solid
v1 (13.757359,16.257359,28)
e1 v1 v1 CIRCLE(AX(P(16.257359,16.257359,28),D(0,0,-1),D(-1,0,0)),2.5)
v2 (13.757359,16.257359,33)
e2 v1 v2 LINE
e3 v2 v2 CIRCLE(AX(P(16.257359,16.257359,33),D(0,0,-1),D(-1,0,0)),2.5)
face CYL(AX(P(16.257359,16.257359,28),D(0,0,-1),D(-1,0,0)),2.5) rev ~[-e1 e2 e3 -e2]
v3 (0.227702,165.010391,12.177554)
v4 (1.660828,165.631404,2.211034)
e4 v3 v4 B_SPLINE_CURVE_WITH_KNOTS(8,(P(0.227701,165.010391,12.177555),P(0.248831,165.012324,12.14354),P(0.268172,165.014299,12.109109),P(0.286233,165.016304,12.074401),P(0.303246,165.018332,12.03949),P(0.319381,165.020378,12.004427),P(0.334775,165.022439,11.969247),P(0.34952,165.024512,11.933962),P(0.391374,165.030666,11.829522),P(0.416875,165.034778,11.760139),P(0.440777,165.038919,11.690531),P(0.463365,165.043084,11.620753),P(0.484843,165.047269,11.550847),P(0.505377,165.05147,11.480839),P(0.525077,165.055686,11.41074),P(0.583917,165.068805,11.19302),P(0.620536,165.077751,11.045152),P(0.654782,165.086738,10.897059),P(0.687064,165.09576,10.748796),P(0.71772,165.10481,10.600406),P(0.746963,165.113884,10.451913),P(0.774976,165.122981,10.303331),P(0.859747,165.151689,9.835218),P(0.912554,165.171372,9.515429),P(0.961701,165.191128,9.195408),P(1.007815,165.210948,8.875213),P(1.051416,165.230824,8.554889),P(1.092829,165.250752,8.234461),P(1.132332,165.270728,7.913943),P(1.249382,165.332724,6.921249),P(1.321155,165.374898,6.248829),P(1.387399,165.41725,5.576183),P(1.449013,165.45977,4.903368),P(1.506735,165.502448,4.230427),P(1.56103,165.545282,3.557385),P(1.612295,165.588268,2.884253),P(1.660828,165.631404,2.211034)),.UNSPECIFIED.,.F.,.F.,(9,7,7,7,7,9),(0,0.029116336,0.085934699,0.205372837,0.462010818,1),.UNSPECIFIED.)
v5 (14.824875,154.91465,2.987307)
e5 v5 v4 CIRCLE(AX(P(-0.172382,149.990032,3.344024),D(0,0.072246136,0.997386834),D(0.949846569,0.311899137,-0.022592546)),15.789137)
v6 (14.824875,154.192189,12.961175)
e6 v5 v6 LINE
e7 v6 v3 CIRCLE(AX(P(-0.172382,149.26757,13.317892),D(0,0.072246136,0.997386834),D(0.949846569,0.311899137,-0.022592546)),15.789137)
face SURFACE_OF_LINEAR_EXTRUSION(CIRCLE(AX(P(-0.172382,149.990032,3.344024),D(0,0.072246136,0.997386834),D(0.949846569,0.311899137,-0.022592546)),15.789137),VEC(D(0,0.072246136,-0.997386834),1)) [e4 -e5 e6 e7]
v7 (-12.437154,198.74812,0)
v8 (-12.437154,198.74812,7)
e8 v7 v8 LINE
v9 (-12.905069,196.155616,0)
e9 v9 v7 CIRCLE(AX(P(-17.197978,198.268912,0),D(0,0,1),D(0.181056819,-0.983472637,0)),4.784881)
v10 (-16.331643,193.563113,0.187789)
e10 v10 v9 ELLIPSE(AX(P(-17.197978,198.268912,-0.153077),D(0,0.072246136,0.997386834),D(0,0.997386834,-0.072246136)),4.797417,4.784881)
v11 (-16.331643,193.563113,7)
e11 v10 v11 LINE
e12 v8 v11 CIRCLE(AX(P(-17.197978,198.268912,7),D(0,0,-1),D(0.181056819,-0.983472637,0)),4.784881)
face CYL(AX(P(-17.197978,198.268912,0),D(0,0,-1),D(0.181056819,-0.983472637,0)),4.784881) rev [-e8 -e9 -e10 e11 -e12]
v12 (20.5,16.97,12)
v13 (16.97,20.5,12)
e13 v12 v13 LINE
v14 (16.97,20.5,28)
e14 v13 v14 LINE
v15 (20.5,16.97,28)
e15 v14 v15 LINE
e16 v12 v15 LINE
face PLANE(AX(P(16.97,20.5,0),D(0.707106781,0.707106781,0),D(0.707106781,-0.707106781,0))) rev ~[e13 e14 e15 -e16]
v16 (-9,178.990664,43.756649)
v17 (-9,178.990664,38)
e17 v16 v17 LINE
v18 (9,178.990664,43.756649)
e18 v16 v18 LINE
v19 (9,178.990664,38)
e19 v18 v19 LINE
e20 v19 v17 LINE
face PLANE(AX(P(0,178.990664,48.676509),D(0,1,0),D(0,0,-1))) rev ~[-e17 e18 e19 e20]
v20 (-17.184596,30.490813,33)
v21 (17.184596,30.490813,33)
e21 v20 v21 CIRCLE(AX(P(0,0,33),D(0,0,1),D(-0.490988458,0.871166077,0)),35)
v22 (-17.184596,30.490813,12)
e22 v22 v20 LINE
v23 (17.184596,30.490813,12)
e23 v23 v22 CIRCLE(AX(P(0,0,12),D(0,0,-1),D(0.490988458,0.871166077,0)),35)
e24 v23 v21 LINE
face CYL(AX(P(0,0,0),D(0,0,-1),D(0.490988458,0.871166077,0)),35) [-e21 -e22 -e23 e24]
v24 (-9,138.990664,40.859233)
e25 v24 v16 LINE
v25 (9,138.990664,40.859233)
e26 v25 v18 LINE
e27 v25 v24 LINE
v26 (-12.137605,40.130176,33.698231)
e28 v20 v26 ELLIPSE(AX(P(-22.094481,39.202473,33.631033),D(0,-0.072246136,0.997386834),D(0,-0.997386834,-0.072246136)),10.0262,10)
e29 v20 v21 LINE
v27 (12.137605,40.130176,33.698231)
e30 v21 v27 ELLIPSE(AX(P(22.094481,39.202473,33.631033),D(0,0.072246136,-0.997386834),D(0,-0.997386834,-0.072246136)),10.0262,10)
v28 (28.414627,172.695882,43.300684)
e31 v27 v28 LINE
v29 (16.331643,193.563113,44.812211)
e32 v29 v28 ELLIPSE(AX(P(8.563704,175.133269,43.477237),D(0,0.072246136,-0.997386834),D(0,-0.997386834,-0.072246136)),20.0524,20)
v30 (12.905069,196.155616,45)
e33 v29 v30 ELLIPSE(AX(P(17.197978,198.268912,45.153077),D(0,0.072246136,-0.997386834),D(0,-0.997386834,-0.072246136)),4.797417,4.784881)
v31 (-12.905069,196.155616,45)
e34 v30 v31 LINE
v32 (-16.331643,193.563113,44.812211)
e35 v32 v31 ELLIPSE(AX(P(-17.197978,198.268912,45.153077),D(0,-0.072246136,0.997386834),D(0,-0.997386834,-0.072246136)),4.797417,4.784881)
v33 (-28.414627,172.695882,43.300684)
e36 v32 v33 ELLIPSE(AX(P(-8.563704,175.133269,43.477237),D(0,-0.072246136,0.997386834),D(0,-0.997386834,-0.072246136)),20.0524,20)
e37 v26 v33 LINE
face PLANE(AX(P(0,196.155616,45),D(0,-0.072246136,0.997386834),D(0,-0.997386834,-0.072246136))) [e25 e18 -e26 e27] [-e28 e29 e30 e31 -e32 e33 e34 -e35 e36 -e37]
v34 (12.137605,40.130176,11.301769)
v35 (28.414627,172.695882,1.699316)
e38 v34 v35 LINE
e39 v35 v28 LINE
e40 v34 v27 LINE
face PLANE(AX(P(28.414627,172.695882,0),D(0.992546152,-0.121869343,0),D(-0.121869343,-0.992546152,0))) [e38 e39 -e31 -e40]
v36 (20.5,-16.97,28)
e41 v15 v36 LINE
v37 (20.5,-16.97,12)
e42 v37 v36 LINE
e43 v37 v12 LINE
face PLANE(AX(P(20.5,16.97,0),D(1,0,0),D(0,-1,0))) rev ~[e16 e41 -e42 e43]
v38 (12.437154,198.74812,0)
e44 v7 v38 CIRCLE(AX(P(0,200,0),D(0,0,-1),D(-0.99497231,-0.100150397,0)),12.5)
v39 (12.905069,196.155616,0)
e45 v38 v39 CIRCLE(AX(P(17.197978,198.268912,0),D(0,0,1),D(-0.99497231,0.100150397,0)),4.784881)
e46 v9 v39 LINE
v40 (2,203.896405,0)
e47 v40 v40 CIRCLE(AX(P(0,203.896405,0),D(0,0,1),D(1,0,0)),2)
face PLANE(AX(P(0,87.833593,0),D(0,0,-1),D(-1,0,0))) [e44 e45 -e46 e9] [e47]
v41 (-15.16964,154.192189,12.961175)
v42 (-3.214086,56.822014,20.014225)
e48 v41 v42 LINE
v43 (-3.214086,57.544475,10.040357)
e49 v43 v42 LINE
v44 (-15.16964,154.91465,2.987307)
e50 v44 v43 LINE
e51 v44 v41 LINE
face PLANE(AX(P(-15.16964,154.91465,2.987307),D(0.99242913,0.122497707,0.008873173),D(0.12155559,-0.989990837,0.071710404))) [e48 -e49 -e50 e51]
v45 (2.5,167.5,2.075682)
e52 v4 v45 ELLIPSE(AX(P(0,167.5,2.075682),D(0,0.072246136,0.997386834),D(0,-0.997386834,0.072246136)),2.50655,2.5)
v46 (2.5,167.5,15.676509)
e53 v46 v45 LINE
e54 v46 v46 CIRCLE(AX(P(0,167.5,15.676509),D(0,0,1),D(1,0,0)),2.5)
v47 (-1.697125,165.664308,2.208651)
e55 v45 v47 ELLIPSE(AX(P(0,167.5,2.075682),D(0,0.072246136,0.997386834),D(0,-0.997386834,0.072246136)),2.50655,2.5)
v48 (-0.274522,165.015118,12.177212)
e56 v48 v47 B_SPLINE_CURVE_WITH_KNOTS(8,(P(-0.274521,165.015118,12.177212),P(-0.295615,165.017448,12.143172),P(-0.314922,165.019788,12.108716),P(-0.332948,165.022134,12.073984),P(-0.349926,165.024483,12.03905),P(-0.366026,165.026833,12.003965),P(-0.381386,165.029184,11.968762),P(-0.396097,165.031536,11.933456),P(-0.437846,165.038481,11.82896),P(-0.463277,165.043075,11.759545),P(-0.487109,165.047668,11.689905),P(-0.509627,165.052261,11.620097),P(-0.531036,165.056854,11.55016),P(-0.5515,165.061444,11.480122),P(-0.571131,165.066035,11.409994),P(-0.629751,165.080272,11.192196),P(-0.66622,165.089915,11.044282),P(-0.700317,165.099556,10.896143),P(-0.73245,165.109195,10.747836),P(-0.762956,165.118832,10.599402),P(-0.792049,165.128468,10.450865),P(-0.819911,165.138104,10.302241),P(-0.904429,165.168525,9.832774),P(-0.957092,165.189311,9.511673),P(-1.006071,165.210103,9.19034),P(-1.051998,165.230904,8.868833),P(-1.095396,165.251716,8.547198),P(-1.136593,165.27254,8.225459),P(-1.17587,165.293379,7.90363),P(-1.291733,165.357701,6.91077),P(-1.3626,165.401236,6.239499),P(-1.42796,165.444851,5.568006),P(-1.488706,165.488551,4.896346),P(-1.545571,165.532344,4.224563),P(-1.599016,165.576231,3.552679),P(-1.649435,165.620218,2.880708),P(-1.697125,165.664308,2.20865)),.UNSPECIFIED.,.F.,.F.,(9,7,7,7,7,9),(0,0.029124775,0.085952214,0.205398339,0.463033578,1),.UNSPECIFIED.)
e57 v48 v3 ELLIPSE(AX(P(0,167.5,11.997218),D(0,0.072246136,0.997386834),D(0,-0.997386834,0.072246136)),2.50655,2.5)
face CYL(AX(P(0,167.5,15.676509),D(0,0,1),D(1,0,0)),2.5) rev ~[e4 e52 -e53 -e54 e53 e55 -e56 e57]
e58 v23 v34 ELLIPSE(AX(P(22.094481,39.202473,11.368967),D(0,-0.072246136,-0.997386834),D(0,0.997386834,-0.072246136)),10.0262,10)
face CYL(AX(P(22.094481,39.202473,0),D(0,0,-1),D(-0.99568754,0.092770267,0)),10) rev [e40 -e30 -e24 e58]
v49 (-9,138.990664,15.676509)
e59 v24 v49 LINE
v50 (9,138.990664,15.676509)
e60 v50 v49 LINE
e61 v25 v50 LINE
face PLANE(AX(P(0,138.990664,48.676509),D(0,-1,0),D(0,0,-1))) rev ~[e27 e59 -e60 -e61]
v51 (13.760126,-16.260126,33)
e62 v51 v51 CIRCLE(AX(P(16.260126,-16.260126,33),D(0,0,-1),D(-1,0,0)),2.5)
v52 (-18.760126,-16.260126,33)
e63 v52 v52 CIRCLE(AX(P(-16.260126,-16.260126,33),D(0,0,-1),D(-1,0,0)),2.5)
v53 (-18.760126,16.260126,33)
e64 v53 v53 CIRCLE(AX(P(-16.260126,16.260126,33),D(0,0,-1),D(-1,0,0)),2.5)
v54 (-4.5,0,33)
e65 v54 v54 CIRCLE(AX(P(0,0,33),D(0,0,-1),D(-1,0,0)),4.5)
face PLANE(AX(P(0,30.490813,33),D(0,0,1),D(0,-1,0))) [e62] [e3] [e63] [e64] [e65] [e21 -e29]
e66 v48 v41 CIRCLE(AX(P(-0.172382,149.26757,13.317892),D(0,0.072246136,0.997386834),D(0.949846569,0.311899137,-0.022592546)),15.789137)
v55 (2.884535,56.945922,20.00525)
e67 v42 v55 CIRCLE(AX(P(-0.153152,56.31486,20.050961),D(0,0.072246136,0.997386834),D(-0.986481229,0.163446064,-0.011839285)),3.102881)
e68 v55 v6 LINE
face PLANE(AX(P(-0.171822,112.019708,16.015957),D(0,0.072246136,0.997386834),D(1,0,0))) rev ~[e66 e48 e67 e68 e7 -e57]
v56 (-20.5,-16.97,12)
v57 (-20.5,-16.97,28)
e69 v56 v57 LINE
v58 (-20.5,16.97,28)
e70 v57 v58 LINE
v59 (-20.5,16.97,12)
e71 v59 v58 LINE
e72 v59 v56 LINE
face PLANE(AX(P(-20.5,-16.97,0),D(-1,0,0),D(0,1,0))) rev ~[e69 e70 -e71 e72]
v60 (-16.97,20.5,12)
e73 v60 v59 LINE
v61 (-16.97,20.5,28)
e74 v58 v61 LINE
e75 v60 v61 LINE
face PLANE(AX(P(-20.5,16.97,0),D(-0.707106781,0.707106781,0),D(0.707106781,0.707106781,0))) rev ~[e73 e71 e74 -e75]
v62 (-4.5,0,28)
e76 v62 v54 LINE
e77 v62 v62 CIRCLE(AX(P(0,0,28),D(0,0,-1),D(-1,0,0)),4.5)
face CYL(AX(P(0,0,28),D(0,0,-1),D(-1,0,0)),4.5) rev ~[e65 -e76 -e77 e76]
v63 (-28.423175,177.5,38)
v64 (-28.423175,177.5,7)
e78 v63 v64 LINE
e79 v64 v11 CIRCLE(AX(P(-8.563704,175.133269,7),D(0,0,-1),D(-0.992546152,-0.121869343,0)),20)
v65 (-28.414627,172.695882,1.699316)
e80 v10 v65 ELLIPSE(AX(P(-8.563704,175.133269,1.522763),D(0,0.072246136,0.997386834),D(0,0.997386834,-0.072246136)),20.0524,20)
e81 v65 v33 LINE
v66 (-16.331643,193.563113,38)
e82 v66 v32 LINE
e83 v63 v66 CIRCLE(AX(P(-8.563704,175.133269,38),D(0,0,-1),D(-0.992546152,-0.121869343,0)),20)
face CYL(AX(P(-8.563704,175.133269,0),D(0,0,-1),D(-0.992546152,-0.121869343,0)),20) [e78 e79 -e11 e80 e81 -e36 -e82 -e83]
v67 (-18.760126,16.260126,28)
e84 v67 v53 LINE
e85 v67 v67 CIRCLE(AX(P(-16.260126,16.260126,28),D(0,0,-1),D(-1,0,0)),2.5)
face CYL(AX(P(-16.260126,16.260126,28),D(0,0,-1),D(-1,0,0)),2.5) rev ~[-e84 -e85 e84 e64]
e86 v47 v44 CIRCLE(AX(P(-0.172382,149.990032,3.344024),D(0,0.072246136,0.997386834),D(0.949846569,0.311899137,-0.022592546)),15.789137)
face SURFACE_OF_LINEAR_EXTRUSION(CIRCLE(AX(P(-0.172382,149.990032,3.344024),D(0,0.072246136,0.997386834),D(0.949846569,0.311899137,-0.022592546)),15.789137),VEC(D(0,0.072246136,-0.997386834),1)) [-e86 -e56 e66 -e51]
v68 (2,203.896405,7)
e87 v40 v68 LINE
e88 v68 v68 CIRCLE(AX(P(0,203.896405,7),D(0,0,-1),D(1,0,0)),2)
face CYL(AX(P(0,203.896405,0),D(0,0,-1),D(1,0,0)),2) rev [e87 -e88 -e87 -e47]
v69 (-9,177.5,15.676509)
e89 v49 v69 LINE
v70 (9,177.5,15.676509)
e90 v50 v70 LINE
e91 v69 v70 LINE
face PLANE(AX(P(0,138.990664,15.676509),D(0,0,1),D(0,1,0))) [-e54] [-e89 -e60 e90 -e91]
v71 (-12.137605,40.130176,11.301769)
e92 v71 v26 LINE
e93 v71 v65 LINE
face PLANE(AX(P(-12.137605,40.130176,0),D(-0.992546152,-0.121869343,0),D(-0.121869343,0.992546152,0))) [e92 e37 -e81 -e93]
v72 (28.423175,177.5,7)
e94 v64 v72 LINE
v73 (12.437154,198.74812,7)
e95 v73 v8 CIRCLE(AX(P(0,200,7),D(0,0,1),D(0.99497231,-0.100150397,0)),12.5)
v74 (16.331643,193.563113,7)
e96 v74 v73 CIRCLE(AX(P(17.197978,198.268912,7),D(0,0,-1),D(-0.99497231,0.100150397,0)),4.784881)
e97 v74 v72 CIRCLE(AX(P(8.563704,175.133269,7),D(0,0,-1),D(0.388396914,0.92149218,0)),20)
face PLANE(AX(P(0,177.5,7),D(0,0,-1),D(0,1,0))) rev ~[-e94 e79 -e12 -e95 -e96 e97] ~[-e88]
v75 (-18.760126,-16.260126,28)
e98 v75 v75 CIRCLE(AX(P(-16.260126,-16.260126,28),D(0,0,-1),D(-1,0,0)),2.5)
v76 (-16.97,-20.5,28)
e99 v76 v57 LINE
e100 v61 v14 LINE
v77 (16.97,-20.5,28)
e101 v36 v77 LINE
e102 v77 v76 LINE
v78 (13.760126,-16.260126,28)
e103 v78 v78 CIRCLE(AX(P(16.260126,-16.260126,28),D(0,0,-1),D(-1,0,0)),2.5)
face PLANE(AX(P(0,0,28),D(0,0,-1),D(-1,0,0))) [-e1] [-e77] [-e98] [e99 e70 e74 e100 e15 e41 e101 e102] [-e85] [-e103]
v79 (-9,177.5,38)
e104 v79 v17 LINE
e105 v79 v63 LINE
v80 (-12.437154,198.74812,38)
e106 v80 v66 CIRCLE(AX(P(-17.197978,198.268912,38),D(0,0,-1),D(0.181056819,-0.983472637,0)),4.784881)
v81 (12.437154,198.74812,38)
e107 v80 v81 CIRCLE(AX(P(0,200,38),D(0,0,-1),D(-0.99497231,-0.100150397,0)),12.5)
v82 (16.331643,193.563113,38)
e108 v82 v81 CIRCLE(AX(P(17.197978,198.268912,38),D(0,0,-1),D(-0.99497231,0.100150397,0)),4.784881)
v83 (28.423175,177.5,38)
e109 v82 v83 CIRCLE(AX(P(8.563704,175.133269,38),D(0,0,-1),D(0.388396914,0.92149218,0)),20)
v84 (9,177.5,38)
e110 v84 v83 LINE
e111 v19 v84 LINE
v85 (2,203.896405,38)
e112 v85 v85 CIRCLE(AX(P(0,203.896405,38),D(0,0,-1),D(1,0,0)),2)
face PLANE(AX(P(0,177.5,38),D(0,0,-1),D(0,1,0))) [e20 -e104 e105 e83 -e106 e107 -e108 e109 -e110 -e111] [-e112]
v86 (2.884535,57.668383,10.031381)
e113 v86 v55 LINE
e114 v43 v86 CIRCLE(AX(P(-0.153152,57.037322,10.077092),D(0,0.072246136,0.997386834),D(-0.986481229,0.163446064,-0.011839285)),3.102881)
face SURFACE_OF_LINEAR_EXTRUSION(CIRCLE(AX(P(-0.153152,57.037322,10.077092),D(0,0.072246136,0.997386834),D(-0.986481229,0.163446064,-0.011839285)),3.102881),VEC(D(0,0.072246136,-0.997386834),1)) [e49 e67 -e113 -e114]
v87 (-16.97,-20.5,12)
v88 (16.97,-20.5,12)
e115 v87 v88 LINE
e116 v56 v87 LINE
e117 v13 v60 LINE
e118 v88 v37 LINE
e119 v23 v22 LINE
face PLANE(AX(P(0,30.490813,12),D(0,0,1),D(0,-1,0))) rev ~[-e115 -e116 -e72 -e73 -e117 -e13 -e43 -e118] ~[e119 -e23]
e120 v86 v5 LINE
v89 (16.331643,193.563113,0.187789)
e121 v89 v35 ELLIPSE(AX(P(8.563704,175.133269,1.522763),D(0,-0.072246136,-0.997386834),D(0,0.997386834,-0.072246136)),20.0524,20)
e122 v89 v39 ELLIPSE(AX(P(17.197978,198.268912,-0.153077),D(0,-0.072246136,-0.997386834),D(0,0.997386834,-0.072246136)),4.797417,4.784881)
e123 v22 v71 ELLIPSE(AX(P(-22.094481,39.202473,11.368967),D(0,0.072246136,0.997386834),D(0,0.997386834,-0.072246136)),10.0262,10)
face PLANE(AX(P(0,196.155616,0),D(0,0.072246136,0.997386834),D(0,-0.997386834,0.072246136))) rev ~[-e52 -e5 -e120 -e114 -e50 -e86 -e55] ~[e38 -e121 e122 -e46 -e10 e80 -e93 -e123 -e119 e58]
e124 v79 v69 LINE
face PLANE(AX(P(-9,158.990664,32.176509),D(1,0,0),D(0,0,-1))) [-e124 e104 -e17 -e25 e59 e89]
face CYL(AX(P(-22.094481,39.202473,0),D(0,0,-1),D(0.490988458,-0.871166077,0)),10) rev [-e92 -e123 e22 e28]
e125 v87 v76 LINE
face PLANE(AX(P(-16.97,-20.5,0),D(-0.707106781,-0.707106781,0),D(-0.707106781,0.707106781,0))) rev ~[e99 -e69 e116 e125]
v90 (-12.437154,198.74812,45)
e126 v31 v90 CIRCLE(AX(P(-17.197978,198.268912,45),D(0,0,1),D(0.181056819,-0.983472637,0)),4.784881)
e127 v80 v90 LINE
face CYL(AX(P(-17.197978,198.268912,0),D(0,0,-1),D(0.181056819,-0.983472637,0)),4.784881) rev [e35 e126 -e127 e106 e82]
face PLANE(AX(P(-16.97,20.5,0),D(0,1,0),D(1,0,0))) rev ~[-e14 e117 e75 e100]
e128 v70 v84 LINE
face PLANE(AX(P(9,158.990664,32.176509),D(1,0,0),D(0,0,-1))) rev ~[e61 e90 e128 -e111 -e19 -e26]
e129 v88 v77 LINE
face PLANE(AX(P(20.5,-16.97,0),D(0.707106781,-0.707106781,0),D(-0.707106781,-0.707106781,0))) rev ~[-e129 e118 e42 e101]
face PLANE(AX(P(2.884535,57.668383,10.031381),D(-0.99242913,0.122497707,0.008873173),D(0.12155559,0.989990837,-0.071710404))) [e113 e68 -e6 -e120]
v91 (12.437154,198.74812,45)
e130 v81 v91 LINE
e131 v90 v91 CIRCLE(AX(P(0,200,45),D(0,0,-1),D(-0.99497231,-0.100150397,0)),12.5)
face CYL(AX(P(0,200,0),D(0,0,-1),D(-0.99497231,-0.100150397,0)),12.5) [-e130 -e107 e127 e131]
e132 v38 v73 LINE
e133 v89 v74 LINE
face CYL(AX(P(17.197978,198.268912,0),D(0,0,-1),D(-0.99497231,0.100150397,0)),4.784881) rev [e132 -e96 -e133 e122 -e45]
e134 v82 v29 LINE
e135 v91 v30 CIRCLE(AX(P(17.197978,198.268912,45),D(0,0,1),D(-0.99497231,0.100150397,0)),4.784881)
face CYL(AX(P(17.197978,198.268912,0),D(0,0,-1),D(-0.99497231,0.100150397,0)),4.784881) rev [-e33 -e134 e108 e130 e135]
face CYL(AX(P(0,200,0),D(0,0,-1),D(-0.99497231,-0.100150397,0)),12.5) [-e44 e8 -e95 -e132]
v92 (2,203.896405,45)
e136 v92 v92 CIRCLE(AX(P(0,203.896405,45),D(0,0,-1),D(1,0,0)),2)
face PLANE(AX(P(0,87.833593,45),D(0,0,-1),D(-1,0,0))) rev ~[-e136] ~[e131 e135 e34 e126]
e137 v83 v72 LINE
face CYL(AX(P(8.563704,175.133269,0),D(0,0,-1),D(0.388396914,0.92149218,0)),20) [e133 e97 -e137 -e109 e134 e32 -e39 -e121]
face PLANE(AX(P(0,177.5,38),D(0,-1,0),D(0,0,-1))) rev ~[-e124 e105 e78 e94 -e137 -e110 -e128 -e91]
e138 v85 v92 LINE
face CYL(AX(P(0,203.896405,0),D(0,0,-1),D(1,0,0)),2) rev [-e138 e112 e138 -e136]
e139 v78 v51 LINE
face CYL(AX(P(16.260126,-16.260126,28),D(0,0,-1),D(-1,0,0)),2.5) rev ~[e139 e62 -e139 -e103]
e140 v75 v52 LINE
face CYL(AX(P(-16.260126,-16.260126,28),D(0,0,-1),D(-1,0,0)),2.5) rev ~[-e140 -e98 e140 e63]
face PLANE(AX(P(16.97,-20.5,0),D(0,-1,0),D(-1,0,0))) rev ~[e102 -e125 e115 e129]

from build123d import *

# Parameters (mm, degrees)
BOSS_EXTRUDE1_DEPTH      = 45
CUT_EXTRUDE2_DEPTH       = 36
CUT_EXTRUDE2_DEPTH_BACK  = 36
CUT_EXTRUDE3_DEPTH       = 28
SKETCH6_R                = 4.5
SKETCH6_R_2              = 2.5
CUT_EXTRUDE4_DEPTH       = 29
CUT_EXTRUDE4_DEPTH_BACK  = 18
CUT_EXTRUDE6_DEPTH       = 10
SKETCH12_W               = 33
SKETCH12_H               = 40
CUT_EXTRUDE9_DEPTH       = 9
CUT_EXTRUDE9_DEPTH_BACK  = 9
SKETCH13_W               = 31
SKETCH13_H               = 35
CUT_EXTRUDE10_DEPTH      = 36
CUT_EXTRUDE10_DEPTH_BACK = 36
SKETCH14_R               = 2
CUT_EXTRUDE13_DEPTH      = 46
CUT_EXTRUDE13_DEPTH_BACK = 9
SKETCH15_R               = 2.5
CUT_EXTRUDE14_DEPTH      = 16.676509358


with BuildPart() as part:
    # Sketch1 → Boss-Extrude1 (new body)
    with BuildSketch(Plane.XY):
        with BuildLine():
            Line((-12.137605226, 40.130176139), (-28.41462727, 172.695882476))
            ThreePointArc((-28.41462727, 172.695882476), (-25.871526221, 185.155210183), (-16.331642516, 193.563112938))
            ThreePointArc((-16.331642516, 193.563112938), (-13.372104724, 195.395277041), (-12.437153877, 198.748120036))
            ThreePointArc((-12.437153877, 198.748120036), (0, 212.5), (12.437153877, 198.748120036))
            ThreePointArc((12.437153877, 198.748120036), (13.372104724, 195.395277041), (16.331642516, 193.563112938))
            ThreePointArc((16.331642516, 193.563112938), (25.871526221, 185.155210183), (28.41462727, 172.695882476))
            Line((28.41462727, 172.695882476), (12.137605226, 40.130176139))
            ThreePointArc((12.137605226, 40.130176139), (13.235334505, 34.563989878), (17.184596043, 30.490812695))
            ThreePointArc((17.184596043, 30.490812695), (0, -35), (-17.184596043, 30.490812695))
            ThreePointArc((-17.184596043, 30.490812695), (-13.235334505, 34.563989878), (-12.137605226, 40.130176139))
        make_face()
    extrude(amount=BOSS_EXTRUDE1_DEPTH)

    # Sketch4 → Cut-Extrude2 (cut, two sides)
    with BuildSketch(Plane(origin=(0, 0, 0), x_dir=(0, 0, -1), z_dir=(1, 0, 0))) as cut_extrude2_sk:
        Polygon((-45, 196.155616487), (-33, 30.490812695), (-33, -35), (-45, -35), align=None)
        Polygon((-12, -35), (0, -35), (0, 196.155616487), (-12, 30.490812695), align=None)
    extrude(amount=CUT_EXTRUDE2_DEPTH, mode=Mode.SUBTRACT)
    extrude(cut_extrude2_sk.sketch, amount=-CUT_EXTRUDE2_DEPTH_BACK, mode=Mode.SUBTRACT)

    # Sketch5 → Cut-Extrude3 (cut)
    with BuildSketch(Plane.XY):
        Polygon((16.97, -20.5), (-16.97, -20.5), (-20.5, -16.97), (-20.5, 16.97), (-16.97, 20.5), (16.97, 20.5), (20.5, 16.97), (20.5, -16.97), align=None)
    extrude(amount=CUT_EXTRUDE3_DEPTH, mode=Mode.SUBTRACT)

    # Sketch6 → Cut-Extrude4 (cut, two sides)
    with BuildSketch(Plane(origin=(0, 0, 28), x_dir=(-1, 0, 0), z_dir=(0, 0, -1))) as cut_extrude4_sk:
        Circle(SKETCH6_R)
        with Locations((-16.257359313, 16.257359313)):
            Circle(SKETCH6_R_2)
        with Locations((16.260126266, 16.260126266)):
            Circle(SKETCH6_R_2)
        with Locations((-16.260126266, -16.260126266)):
            Circle(SKETCH6_R_2)
        with Locations((16.260126266, -16.260126266)):
            Circle(SKETCH6_R_2)
    extrude(amount=CUT_EXTRUDE4_DEPTH, mode=Mode.SUBTRACT)
    extrude(cut_extrude4_sk.sketch, amount=-CUT_EXTRUDE4_DEPTH_BACK, mode=Mode.SUBTRACT)

    # Sketch8 → Cut-Extrude6 (cut, along a direction that is not the sketch's normal)
    with BuildSketch(Plane(origin=(0, 1.023835067, 14.134452964), x_dir=(-1, 0, 0), z_dir=(0, -0.072246136, -0.997386834))):
        with BuildLine():
            Line((-2.88453501, 56.792957469), (-14.82487519, 154.294010847))
            ThreePointArc((-14.82487519, 154.294010847), (0.17238227, 165.145626965), (15.16963973, 154.294010847))
            Line((15.16963973, 154.294010847), (3.214085595, 56.668725114))
            ThreePointArc((3.214085595, 56.668725114), (0.089957546, 53.058005434), (-2.88453501, 56.792957469))
        make_face()
    extrude(amount=-CUT_EXTRUDE6_DEPTH, dir=(0, 0.072246136, -0.997386834), mode=Mode.SUBTRACT)

    # Sketch12 → Cut-Extrude9 (cut, two sides)
    with BuildSketch(Plane(origin=(0, 0, 0), x_dir=(0, 0, -1), z_dir=(1, 0, 0))) as cut_extrude9_sk:
        with Locations((-32.176509358, 158.99066374)):
            Rectangle(SKETCH12_W, SKETCH12_H)
    extrude(amount=CUT_EXTRUDE9_DEPTH, mode=Mode.SUBTRACT)
    extrude(cut_extrude9_sk.sketch, amount=-CUT_EXTRUDE9_DEPTH_BACK, mode=Mode.SUBTRACT)

    # Sketch13 → Cut-Extrude10 (cut, two sides)
    with BuildSketch(Plane(origin=(0, 0, 0), x_dir=(0, 0, -1), z_dir=(1, 0, 0))) as cut_extrude10_sk:
        with Locations((-22.5, 195)):
            Rectangle(SKETCH13_W, SKETCH13_H)
    extrude(amount=CUT_EXTRUDE10_DEPTH, mode=Mode.SUBTRACT)
    extrude(cut_extrude10_sk.sketch, amount=-CUT_EXTRUDE10_DEPTH_BACK, mode=Mode.SUBTRACT)

    # Sketch14 → Cut-Extrude13 (cut, two sides)
    with BuildSketch(Plane.XY) as cut_extrude13_sk:
        with Locations((0, 203.896404583)):
            Circle(SKETCH14_R)
    extrude(amount=CUT_EXTRUDE13_DEPTH, mode=Mode.SUBTRACT)
    extrude(cut_extrude13_sk.sketch, amount=-CUT_EXTRUDE13_DEPTH_BACK, mode=Mode.SUBTRACT)

    # Sketch15 → Cut-Extrude14 (cut, through all)
    with BuildSketch(Plane.XY.offset(15.676509358)):
        with Locations((0, 167.5)):
            Circle(SKETCH15_R)
    extrude(amount=-CUT_EXTRUDE14_DEPTH, mode=Mode.SUBTRACT)


solid = part.part
